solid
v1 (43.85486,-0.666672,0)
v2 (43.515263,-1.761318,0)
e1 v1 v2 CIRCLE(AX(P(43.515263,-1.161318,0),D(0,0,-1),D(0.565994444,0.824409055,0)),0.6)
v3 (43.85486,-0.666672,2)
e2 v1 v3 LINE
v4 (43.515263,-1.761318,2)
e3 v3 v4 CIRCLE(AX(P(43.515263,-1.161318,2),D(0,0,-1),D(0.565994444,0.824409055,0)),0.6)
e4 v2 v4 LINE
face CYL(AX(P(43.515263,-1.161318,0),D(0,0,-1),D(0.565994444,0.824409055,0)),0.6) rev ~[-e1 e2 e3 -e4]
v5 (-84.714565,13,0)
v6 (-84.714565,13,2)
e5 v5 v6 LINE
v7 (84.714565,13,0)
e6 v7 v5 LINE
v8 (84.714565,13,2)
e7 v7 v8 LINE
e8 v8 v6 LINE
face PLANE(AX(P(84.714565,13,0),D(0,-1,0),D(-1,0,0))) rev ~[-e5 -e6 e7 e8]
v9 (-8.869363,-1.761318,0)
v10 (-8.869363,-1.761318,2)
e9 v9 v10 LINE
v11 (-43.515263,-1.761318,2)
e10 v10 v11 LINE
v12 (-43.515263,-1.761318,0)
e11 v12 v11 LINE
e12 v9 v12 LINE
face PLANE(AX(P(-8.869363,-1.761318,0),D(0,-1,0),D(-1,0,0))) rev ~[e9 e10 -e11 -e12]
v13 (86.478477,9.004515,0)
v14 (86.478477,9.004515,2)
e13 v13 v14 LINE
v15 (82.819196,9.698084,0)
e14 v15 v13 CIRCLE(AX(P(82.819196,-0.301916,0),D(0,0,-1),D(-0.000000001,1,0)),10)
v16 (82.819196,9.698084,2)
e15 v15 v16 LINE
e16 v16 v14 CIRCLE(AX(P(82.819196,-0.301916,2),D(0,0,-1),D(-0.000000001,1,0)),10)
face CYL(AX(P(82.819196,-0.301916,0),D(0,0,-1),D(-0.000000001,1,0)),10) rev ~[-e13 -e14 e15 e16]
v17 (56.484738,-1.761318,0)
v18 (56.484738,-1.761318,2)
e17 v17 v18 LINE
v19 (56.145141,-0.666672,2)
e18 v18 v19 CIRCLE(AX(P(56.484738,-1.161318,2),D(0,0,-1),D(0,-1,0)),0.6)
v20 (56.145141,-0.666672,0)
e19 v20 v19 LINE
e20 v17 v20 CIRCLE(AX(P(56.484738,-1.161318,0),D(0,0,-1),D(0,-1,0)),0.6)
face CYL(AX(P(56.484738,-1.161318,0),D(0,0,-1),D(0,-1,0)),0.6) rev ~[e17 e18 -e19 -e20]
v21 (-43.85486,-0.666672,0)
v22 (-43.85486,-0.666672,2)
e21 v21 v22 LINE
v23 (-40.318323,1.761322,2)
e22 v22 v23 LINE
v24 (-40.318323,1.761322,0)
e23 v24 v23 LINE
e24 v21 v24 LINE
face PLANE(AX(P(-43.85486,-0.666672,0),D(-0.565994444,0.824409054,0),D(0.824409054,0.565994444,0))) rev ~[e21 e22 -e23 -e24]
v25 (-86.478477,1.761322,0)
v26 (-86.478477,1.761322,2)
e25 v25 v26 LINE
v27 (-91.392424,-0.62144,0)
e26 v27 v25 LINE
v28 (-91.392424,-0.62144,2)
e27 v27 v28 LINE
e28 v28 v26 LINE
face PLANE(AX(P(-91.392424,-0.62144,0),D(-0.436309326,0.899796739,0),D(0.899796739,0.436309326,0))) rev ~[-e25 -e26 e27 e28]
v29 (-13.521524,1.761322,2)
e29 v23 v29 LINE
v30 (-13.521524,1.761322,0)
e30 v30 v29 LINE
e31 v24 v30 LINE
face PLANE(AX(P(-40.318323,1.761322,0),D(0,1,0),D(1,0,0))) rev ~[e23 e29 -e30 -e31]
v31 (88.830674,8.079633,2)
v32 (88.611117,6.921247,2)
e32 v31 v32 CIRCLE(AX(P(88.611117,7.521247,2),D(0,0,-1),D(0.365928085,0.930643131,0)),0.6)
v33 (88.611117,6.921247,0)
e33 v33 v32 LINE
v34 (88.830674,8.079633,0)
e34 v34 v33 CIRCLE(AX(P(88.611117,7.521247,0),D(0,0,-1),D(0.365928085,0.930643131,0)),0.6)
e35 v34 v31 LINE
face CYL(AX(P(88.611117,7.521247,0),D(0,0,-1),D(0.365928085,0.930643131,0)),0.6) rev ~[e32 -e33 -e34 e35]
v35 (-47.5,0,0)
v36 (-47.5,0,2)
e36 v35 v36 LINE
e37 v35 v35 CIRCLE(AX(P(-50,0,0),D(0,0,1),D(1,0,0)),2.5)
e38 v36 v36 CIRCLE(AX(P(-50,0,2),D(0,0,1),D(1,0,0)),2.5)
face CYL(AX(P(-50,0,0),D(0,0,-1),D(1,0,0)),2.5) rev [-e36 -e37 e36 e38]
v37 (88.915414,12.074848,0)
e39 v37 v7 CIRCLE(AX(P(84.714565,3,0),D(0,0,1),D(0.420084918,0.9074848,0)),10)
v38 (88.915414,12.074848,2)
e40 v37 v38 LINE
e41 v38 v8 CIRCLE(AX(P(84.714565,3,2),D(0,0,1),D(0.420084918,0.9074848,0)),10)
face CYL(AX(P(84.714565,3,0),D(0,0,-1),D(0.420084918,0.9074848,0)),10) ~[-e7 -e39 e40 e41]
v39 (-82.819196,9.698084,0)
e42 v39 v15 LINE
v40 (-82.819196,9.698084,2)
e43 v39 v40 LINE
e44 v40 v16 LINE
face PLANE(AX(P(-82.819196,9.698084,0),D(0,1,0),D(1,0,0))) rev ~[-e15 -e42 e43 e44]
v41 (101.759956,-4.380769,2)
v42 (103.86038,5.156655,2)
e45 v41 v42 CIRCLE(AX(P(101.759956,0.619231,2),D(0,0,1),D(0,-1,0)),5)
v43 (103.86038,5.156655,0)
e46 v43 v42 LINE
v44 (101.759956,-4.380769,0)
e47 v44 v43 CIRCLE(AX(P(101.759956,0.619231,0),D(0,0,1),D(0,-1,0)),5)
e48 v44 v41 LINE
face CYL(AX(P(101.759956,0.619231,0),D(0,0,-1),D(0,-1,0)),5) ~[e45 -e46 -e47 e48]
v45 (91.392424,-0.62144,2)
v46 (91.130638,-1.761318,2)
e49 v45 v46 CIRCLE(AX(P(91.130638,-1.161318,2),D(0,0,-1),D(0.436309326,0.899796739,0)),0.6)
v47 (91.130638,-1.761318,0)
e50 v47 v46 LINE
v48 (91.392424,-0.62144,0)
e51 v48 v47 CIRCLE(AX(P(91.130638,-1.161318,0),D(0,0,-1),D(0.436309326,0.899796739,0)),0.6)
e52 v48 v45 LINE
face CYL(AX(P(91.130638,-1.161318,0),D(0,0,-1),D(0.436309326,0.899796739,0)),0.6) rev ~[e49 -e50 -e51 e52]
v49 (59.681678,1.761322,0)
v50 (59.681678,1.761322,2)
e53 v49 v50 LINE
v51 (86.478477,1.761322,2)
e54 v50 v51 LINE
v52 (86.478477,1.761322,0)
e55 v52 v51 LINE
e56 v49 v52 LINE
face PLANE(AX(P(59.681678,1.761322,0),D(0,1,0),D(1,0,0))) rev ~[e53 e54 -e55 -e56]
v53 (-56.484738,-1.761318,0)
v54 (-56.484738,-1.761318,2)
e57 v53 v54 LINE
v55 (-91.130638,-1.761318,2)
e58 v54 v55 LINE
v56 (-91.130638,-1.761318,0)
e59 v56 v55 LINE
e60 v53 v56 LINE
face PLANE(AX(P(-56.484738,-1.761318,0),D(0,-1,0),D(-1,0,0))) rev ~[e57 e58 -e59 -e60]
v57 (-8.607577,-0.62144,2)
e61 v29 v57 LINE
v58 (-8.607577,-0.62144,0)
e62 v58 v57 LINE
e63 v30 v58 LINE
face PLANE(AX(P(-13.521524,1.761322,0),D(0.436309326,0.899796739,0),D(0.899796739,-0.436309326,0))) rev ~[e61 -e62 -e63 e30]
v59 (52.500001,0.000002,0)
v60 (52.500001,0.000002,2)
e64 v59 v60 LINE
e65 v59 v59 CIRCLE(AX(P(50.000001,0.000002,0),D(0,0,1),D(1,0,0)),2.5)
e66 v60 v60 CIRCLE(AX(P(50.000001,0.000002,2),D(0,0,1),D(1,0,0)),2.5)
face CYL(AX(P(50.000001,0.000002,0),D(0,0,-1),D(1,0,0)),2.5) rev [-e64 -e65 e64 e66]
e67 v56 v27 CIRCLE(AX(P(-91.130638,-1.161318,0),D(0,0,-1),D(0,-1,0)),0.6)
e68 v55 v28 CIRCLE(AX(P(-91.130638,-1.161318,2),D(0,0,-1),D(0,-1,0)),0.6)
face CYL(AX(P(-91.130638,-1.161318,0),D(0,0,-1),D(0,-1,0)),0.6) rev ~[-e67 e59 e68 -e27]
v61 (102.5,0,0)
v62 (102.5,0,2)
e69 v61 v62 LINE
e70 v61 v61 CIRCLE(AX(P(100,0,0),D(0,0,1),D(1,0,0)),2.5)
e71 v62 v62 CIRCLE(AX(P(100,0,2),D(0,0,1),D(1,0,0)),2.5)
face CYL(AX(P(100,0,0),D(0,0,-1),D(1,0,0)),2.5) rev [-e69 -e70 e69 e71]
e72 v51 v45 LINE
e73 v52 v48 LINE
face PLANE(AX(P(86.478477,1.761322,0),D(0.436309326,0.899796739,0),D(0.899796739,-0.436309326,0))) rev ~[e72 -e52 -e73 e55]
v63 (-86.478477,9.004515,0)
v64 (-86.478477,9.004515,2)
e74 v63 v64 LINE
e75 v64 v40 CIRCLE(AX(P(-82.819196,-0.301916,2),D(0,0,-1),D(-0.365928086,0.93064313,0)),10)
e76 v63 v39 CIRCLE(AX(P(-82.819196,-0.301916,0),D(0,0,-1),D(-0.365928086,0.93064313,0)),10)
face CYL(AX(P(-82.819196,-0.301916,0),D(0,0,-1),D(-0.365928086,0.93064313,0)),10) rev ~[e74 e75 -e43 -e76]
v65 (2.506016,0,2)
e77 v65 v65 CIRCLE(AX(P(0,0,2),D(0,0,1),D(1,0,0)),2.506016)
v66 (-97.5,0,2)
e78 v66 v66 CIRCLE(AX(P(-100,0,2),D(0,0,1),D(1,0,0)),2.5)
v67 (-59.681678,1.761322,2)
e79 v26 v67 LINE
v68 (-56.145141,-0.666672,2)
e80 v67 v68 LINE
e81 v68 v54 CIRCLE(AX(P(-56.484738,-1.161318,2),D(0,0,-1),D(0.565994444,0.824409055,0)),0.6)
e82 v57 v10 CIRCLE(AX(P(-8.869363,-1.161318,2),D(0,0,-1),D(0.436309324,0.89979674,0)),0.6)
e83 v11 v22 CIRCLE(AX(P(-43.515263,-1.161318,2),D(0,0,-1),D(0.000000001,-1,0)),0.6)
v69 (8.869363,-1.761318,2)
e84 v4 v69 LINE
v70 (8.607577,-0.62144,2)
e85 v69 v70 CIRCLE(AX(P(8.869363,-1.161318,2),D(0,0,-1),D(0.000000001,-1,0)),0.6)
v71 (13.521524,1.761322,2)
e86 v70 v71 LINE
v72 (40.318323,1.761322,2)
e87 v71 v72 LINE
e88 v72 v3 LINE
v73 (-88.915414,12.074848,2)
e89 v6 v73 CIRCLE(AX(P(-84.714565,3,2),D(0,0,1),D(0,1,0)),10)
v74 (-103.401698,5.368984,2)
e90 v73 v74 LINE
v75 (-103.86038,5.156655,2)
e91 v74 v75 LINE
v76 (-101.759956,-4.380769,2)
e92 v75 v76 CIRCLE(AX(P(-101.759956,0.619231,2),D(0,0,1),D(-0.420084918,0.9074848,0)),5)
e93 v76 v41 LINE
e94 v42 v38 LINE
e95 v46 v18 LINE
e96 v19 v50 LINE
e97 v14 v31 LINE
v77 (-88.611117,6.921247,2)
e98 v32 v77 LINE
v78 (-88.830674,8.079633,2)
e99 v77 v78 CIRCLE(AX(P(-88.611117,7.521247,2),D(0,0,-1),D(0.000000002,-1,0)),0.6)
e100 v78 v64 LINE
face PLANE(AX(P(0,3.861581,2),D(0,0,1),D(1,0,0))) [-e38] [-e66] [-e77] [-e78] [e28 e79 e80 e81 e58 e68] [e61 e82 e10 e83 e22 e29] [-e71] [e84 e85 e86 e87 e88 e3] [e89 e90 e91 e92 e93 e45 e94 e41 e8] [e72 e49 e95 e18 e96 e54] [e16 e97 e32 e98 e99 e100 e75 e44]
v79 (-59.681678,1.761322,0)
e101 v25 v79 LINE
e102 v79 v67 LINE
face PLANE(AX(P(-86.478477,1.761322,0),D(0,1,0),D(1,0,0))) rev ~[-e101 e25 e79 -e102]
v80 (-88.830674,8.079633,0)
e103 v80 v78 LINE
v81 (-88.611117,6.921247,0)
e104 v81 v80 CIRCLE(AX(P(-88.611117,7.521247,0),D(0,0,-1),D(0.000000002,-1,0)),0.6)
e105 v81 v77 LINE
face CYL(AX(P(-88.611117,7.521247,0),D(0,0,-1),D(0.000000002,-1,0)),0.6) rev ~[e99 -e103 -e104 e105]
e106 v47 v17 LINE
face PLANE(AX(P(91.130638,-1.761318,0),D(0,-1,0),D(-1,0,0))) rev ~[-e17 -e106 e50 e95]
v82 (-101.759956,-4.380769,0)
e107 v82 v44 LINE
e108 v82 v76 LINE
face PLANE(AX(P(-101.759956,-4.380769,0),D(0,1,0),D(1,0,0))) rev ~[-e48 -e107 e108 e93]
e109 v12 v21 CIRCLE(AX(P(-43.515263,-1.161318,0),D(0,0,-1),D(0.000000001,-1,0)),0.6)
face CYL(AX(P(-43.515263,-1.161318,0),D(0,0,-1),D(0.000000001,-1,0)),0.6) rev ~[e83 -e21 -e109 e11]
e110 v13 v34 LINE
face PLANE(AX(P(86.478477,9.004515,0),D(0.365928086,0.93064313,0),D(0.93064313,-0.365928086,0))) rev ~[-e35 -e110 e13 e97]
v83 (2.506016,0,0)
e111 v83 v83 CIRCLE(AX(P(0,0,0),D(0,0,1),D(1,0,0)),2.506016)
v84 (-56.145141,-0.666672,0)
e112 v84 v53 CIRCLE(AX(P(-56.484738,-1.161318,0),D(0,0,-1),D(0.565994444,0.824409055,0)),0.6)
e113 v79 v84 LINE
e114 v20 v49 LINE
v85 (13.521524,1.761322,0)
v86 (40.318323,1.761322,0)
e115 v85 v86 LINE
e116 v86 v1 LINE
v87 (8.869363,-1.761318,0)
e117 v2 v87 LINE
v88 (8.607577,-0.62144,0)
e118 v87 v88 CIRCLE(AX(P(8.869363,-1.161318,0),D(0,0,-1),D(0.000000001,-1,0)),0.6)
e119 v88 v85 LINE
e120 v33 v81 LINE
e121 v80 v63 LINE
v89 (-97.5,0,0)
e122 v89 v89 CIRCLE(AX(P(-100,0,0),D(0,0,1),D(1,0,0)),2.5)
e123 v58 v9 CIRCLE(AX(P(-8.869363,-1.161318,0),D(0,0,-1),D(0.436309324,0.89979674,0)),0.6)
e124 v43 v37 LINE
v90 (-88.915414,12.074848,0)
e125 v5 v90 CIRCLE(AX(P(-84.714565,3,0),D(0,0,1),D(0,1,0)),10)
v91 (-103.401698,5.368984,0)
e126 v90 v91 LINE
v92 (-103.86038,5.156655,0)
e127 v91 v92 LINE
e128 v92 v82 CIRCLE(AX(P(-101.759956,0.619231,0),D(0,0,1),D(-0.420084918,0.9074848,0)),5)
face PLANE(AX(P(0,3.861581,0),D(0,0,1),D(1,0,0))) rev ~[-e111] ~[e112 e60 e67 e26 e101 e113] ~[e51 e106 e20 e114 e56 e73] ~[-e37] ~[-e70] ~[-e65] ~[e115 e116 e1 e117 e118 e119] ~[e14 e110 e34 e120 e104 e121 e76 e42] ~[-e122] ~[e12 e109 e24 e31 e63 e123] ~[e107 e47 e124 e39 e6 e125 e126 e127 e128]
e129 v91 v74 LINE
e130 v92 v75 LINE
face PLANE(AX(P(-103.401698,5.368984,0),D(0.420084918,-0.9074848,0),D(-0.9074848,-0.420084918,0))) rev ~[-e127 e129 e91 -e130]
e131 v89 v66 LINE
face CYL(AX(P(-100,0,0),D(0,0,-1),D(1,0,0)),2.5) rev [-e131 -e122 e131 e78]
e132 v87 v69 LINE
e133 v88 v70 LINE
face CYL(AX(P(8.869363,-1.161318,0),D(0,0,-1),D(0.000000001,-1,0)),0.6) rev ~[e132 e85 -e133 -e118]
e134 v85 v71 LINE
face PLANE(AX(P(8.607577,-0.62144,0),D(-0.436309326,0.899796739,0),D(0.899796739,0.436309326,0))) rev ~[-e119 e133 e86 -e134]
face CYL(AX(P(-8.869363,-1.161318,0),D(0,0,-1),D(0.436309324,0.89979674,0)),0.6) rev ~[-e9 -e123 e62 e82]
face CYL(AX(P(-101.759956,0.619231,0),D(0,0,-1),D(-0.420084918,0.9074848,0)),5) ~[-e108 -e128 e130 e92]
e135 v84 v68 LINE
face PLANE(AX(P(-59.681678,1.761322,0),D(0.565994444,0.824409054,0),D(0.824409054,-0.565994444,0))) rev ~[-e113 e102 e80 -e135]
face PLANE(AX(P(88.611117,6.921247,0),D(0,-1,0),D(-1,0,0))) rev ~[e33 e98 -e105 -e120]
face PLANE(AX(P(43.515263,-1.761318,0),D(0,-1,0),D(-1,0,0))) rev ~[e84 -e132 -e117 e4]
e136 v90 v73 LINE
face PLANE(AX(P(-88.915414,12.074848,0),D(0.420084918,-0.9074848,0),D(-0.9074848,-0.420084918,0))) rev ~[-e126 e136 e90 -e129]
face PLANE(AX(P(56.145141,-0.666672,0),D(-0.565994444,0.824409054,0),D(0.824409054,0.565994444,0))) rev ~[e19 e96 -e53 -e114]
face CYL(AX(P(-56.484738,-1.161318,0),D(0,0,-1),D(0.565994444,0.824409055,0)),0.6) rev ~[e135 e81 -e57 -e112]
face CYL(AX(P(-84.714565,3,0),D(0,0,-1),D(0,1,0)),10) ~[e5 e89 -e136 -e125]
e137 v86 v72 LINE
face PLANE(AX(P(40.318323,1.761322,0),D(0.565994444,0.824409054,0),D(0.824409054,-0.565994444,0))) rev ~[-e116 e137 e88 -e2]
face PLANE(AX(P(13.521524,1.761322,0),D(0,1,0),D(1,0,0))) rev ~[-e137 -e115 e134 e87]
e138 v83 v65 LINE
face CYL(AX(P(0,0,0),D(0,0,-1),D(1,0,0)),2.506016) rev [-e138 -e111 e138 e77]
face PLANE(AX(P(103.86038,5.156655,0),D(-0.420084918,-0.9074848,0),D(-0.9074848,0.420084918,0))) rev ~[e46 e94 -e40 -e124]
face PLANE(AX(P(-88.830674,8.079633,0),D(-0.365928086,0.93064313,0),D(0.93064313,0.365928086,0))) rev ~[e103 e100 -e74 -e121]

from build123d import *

# Parameters (mm, degrees)
SKETCH1_R           = 2.5
SKETCH1_R_2         = 2.506016037
BOSS_EXTRUDE1_DEPTH = 2


with BuildPart() as part:
    # Sketch1 → Boss-Extrude1 (new body)
    with BuildSketch(Plane.XY):
        with BuildLine():
            Line((84.714565194, 13), (-84.714565194, 13))
            ThreePointArc((-84.714565194, 13), (-86.865323204, 12.765973581), (-88.915414375, 12.074847997))
            Line((-88.915414375, 12.074847997), (-103.401698361, 5.368984247))
            Line((-103.401698361, 5.368984247), (-103.860380263, 5.156655237))
            ThreePointArc((-103.860380263, 5.156655237), (-106.642942464, -0.456147767), (-101.759955673, -4.380768762))
            Line((-101.759955673, -4.380768762), (101.759955673, -4.380768762))
            ThreePointArc((101.759955673, -4.380768762), (106.642942464, -0.456147767), (103.860380263, 5.156655237))
            Line((103.860380263, 5.156655237), (88.915414375, 12.074847997))
            ThreePointArc((88.915414375, 12.074847997), (86.865323204, 12.765973581), (84.714565194, 13))
        make_face()
        with Locations((-100, 0)):
            Circle(SKETCH1_R, mode=Mode.SUBTRACT)
        with BuildLine():
            Line((-59.681677735, 1.761321711), (-56.14514104, -0.666672148))
            ThreePointArc((-56.14514104, -0.666672148), (-55.911681313, -1.339099386), (-56.484737706, -1.761317581))
            Line((-56.484737706, -1.761317581), (-91.130638371, -1.761317581))
            ThreePointArc((-91.130638371, -1.761317581), (-91.71541475, -1.295617942), (-91.392423967, -0.621439537))
            Line((-91.392423967, -0.621439537), (-86.478477199, 1.761321711))
            Line((-86.478477199, 1.761321711), (-59.681677735, 1.761321711))
        make_face(mode=Mode.SUBTRACT)
        with Locations((-50, 0)):
            Circle(SKETCH1_R, mode=Mode.SUBTRACT)
        with BuildLine():
            Line((-13.521523964, 1.761321711), (-8.607577196, -0.621439537))
            ThreePointArc((-8.607577196, -0.621439537), (-8.284586412, -1.295617942), (-8.869362791, -1.761317581))
            Line((-8.869362791, -1.761317581), (-43.515263456, -1.761317581))
            ThreePointArc((-43.515263456, -1.761317581), (-44.08831985, -1.339099386), (-43.854860123, -0.666672148))
            Line((-43.854860123, -0.666672148), (-40.318323427, 1.761321711))
            Line((-40.318323427, 1.761321711), (-13.521523964, 1.761321711))
        make_face(mode=Mode.SUBTRACT)
        Circle(SKETCH1_R_2, mode=Mode.SUBTRACT)
        with BuildLine():
            Line((40.318323427, 1.761321711), (43.854860123, -0.666672148))
            ThreePointArc((43.854860123, -0.666672148), (44.08831985, -1.339099386), (43.515263456, -1.761317581))
            Line((43.515263456, -1.761317581), (8.869362791, -1.761317581))
            ThreePointArc((8.869362791, -1.761317581), (8.284586412, -1.295617942), (8.607577196, -0.621439537))
            Line((8.607577196, -0.621439537), (13.521523964, 1.761321711))
            Line((13.521523964, 1.761321711), (40.318323427, 1.761321711))
        make_face(mode=Mode.SUBTRACT)
        with Locations((50.000000581, 2.065e-06)):
            Circle(SKETCH1_R, mode=Mode.SUBTRACT)
        with BuildLine():
            Line((86.478477199, 1.761321711), (91.392423967, -0.621439537))
            ThreePointArc((91.392423967, -0.621439537), (91.71541475, -1.295617942), (91.130638371, -1.761317581))
            Line((91.130638371, -1.761317581), (56.484737706, -1.761317581))
            ThreePointArc((56.484737706, -1.761317581), (55.911681313, -1.339099386), (56.14514104, -0.666672148))
            Line((56.14514104, -0.666672148), (59.681677735, 1.761321711))
            Line((59.681677735, 1.761321711), (86.478477199, 1.761321711))
        make_face(mode=Mode.SUBTRACT)
        with Locations((100, 0)):
            Circle(SKETCH1_R, mode=Mode.SUBTRACT)
        with BuildLine():
            ThreePointArc((-86.478477199, 9.004514969), (-84.681411012, 9.523161606), (-82.81919634, 9.698083666))
            Line((-82.81919634, 9.698083666), (82.81919634, 9.698083666))
            ThreePointArc((82.81919634, 9.698083666), (84.681411012, 9.523161606), (86.478477199, 9.004514969))
            Line((86.478477199, 9.004514969), (88.830674001, 8.079633191))
            ThreePointArc((88.830674001, 8.079633191), (89.200621826, 7.409514432), (88.611117149, 6.921247313))
            Line((88.611117149, 6.921247313), (84.714565194, 6.921247313))
            Line((84.714565194, 6.921247313), (-84.714565194, 6.921247313))
            Line((-84.714565194, 6.921247313), (-88.611117149, 6.921247313))
            ThreePointArc((-88.611117149, 6.921247313), (-89.200621826, 7.409514432), (-88.830674001, 8.079633191))
            Line((-88.830674001, 8.079633191), (-86.478477199, 9.004514969))
        make_face(mode=Mode.SUBTRACT)
    extrude(amount=BOSS_EXTRUDE1_DEPTH)


solid = part.part
